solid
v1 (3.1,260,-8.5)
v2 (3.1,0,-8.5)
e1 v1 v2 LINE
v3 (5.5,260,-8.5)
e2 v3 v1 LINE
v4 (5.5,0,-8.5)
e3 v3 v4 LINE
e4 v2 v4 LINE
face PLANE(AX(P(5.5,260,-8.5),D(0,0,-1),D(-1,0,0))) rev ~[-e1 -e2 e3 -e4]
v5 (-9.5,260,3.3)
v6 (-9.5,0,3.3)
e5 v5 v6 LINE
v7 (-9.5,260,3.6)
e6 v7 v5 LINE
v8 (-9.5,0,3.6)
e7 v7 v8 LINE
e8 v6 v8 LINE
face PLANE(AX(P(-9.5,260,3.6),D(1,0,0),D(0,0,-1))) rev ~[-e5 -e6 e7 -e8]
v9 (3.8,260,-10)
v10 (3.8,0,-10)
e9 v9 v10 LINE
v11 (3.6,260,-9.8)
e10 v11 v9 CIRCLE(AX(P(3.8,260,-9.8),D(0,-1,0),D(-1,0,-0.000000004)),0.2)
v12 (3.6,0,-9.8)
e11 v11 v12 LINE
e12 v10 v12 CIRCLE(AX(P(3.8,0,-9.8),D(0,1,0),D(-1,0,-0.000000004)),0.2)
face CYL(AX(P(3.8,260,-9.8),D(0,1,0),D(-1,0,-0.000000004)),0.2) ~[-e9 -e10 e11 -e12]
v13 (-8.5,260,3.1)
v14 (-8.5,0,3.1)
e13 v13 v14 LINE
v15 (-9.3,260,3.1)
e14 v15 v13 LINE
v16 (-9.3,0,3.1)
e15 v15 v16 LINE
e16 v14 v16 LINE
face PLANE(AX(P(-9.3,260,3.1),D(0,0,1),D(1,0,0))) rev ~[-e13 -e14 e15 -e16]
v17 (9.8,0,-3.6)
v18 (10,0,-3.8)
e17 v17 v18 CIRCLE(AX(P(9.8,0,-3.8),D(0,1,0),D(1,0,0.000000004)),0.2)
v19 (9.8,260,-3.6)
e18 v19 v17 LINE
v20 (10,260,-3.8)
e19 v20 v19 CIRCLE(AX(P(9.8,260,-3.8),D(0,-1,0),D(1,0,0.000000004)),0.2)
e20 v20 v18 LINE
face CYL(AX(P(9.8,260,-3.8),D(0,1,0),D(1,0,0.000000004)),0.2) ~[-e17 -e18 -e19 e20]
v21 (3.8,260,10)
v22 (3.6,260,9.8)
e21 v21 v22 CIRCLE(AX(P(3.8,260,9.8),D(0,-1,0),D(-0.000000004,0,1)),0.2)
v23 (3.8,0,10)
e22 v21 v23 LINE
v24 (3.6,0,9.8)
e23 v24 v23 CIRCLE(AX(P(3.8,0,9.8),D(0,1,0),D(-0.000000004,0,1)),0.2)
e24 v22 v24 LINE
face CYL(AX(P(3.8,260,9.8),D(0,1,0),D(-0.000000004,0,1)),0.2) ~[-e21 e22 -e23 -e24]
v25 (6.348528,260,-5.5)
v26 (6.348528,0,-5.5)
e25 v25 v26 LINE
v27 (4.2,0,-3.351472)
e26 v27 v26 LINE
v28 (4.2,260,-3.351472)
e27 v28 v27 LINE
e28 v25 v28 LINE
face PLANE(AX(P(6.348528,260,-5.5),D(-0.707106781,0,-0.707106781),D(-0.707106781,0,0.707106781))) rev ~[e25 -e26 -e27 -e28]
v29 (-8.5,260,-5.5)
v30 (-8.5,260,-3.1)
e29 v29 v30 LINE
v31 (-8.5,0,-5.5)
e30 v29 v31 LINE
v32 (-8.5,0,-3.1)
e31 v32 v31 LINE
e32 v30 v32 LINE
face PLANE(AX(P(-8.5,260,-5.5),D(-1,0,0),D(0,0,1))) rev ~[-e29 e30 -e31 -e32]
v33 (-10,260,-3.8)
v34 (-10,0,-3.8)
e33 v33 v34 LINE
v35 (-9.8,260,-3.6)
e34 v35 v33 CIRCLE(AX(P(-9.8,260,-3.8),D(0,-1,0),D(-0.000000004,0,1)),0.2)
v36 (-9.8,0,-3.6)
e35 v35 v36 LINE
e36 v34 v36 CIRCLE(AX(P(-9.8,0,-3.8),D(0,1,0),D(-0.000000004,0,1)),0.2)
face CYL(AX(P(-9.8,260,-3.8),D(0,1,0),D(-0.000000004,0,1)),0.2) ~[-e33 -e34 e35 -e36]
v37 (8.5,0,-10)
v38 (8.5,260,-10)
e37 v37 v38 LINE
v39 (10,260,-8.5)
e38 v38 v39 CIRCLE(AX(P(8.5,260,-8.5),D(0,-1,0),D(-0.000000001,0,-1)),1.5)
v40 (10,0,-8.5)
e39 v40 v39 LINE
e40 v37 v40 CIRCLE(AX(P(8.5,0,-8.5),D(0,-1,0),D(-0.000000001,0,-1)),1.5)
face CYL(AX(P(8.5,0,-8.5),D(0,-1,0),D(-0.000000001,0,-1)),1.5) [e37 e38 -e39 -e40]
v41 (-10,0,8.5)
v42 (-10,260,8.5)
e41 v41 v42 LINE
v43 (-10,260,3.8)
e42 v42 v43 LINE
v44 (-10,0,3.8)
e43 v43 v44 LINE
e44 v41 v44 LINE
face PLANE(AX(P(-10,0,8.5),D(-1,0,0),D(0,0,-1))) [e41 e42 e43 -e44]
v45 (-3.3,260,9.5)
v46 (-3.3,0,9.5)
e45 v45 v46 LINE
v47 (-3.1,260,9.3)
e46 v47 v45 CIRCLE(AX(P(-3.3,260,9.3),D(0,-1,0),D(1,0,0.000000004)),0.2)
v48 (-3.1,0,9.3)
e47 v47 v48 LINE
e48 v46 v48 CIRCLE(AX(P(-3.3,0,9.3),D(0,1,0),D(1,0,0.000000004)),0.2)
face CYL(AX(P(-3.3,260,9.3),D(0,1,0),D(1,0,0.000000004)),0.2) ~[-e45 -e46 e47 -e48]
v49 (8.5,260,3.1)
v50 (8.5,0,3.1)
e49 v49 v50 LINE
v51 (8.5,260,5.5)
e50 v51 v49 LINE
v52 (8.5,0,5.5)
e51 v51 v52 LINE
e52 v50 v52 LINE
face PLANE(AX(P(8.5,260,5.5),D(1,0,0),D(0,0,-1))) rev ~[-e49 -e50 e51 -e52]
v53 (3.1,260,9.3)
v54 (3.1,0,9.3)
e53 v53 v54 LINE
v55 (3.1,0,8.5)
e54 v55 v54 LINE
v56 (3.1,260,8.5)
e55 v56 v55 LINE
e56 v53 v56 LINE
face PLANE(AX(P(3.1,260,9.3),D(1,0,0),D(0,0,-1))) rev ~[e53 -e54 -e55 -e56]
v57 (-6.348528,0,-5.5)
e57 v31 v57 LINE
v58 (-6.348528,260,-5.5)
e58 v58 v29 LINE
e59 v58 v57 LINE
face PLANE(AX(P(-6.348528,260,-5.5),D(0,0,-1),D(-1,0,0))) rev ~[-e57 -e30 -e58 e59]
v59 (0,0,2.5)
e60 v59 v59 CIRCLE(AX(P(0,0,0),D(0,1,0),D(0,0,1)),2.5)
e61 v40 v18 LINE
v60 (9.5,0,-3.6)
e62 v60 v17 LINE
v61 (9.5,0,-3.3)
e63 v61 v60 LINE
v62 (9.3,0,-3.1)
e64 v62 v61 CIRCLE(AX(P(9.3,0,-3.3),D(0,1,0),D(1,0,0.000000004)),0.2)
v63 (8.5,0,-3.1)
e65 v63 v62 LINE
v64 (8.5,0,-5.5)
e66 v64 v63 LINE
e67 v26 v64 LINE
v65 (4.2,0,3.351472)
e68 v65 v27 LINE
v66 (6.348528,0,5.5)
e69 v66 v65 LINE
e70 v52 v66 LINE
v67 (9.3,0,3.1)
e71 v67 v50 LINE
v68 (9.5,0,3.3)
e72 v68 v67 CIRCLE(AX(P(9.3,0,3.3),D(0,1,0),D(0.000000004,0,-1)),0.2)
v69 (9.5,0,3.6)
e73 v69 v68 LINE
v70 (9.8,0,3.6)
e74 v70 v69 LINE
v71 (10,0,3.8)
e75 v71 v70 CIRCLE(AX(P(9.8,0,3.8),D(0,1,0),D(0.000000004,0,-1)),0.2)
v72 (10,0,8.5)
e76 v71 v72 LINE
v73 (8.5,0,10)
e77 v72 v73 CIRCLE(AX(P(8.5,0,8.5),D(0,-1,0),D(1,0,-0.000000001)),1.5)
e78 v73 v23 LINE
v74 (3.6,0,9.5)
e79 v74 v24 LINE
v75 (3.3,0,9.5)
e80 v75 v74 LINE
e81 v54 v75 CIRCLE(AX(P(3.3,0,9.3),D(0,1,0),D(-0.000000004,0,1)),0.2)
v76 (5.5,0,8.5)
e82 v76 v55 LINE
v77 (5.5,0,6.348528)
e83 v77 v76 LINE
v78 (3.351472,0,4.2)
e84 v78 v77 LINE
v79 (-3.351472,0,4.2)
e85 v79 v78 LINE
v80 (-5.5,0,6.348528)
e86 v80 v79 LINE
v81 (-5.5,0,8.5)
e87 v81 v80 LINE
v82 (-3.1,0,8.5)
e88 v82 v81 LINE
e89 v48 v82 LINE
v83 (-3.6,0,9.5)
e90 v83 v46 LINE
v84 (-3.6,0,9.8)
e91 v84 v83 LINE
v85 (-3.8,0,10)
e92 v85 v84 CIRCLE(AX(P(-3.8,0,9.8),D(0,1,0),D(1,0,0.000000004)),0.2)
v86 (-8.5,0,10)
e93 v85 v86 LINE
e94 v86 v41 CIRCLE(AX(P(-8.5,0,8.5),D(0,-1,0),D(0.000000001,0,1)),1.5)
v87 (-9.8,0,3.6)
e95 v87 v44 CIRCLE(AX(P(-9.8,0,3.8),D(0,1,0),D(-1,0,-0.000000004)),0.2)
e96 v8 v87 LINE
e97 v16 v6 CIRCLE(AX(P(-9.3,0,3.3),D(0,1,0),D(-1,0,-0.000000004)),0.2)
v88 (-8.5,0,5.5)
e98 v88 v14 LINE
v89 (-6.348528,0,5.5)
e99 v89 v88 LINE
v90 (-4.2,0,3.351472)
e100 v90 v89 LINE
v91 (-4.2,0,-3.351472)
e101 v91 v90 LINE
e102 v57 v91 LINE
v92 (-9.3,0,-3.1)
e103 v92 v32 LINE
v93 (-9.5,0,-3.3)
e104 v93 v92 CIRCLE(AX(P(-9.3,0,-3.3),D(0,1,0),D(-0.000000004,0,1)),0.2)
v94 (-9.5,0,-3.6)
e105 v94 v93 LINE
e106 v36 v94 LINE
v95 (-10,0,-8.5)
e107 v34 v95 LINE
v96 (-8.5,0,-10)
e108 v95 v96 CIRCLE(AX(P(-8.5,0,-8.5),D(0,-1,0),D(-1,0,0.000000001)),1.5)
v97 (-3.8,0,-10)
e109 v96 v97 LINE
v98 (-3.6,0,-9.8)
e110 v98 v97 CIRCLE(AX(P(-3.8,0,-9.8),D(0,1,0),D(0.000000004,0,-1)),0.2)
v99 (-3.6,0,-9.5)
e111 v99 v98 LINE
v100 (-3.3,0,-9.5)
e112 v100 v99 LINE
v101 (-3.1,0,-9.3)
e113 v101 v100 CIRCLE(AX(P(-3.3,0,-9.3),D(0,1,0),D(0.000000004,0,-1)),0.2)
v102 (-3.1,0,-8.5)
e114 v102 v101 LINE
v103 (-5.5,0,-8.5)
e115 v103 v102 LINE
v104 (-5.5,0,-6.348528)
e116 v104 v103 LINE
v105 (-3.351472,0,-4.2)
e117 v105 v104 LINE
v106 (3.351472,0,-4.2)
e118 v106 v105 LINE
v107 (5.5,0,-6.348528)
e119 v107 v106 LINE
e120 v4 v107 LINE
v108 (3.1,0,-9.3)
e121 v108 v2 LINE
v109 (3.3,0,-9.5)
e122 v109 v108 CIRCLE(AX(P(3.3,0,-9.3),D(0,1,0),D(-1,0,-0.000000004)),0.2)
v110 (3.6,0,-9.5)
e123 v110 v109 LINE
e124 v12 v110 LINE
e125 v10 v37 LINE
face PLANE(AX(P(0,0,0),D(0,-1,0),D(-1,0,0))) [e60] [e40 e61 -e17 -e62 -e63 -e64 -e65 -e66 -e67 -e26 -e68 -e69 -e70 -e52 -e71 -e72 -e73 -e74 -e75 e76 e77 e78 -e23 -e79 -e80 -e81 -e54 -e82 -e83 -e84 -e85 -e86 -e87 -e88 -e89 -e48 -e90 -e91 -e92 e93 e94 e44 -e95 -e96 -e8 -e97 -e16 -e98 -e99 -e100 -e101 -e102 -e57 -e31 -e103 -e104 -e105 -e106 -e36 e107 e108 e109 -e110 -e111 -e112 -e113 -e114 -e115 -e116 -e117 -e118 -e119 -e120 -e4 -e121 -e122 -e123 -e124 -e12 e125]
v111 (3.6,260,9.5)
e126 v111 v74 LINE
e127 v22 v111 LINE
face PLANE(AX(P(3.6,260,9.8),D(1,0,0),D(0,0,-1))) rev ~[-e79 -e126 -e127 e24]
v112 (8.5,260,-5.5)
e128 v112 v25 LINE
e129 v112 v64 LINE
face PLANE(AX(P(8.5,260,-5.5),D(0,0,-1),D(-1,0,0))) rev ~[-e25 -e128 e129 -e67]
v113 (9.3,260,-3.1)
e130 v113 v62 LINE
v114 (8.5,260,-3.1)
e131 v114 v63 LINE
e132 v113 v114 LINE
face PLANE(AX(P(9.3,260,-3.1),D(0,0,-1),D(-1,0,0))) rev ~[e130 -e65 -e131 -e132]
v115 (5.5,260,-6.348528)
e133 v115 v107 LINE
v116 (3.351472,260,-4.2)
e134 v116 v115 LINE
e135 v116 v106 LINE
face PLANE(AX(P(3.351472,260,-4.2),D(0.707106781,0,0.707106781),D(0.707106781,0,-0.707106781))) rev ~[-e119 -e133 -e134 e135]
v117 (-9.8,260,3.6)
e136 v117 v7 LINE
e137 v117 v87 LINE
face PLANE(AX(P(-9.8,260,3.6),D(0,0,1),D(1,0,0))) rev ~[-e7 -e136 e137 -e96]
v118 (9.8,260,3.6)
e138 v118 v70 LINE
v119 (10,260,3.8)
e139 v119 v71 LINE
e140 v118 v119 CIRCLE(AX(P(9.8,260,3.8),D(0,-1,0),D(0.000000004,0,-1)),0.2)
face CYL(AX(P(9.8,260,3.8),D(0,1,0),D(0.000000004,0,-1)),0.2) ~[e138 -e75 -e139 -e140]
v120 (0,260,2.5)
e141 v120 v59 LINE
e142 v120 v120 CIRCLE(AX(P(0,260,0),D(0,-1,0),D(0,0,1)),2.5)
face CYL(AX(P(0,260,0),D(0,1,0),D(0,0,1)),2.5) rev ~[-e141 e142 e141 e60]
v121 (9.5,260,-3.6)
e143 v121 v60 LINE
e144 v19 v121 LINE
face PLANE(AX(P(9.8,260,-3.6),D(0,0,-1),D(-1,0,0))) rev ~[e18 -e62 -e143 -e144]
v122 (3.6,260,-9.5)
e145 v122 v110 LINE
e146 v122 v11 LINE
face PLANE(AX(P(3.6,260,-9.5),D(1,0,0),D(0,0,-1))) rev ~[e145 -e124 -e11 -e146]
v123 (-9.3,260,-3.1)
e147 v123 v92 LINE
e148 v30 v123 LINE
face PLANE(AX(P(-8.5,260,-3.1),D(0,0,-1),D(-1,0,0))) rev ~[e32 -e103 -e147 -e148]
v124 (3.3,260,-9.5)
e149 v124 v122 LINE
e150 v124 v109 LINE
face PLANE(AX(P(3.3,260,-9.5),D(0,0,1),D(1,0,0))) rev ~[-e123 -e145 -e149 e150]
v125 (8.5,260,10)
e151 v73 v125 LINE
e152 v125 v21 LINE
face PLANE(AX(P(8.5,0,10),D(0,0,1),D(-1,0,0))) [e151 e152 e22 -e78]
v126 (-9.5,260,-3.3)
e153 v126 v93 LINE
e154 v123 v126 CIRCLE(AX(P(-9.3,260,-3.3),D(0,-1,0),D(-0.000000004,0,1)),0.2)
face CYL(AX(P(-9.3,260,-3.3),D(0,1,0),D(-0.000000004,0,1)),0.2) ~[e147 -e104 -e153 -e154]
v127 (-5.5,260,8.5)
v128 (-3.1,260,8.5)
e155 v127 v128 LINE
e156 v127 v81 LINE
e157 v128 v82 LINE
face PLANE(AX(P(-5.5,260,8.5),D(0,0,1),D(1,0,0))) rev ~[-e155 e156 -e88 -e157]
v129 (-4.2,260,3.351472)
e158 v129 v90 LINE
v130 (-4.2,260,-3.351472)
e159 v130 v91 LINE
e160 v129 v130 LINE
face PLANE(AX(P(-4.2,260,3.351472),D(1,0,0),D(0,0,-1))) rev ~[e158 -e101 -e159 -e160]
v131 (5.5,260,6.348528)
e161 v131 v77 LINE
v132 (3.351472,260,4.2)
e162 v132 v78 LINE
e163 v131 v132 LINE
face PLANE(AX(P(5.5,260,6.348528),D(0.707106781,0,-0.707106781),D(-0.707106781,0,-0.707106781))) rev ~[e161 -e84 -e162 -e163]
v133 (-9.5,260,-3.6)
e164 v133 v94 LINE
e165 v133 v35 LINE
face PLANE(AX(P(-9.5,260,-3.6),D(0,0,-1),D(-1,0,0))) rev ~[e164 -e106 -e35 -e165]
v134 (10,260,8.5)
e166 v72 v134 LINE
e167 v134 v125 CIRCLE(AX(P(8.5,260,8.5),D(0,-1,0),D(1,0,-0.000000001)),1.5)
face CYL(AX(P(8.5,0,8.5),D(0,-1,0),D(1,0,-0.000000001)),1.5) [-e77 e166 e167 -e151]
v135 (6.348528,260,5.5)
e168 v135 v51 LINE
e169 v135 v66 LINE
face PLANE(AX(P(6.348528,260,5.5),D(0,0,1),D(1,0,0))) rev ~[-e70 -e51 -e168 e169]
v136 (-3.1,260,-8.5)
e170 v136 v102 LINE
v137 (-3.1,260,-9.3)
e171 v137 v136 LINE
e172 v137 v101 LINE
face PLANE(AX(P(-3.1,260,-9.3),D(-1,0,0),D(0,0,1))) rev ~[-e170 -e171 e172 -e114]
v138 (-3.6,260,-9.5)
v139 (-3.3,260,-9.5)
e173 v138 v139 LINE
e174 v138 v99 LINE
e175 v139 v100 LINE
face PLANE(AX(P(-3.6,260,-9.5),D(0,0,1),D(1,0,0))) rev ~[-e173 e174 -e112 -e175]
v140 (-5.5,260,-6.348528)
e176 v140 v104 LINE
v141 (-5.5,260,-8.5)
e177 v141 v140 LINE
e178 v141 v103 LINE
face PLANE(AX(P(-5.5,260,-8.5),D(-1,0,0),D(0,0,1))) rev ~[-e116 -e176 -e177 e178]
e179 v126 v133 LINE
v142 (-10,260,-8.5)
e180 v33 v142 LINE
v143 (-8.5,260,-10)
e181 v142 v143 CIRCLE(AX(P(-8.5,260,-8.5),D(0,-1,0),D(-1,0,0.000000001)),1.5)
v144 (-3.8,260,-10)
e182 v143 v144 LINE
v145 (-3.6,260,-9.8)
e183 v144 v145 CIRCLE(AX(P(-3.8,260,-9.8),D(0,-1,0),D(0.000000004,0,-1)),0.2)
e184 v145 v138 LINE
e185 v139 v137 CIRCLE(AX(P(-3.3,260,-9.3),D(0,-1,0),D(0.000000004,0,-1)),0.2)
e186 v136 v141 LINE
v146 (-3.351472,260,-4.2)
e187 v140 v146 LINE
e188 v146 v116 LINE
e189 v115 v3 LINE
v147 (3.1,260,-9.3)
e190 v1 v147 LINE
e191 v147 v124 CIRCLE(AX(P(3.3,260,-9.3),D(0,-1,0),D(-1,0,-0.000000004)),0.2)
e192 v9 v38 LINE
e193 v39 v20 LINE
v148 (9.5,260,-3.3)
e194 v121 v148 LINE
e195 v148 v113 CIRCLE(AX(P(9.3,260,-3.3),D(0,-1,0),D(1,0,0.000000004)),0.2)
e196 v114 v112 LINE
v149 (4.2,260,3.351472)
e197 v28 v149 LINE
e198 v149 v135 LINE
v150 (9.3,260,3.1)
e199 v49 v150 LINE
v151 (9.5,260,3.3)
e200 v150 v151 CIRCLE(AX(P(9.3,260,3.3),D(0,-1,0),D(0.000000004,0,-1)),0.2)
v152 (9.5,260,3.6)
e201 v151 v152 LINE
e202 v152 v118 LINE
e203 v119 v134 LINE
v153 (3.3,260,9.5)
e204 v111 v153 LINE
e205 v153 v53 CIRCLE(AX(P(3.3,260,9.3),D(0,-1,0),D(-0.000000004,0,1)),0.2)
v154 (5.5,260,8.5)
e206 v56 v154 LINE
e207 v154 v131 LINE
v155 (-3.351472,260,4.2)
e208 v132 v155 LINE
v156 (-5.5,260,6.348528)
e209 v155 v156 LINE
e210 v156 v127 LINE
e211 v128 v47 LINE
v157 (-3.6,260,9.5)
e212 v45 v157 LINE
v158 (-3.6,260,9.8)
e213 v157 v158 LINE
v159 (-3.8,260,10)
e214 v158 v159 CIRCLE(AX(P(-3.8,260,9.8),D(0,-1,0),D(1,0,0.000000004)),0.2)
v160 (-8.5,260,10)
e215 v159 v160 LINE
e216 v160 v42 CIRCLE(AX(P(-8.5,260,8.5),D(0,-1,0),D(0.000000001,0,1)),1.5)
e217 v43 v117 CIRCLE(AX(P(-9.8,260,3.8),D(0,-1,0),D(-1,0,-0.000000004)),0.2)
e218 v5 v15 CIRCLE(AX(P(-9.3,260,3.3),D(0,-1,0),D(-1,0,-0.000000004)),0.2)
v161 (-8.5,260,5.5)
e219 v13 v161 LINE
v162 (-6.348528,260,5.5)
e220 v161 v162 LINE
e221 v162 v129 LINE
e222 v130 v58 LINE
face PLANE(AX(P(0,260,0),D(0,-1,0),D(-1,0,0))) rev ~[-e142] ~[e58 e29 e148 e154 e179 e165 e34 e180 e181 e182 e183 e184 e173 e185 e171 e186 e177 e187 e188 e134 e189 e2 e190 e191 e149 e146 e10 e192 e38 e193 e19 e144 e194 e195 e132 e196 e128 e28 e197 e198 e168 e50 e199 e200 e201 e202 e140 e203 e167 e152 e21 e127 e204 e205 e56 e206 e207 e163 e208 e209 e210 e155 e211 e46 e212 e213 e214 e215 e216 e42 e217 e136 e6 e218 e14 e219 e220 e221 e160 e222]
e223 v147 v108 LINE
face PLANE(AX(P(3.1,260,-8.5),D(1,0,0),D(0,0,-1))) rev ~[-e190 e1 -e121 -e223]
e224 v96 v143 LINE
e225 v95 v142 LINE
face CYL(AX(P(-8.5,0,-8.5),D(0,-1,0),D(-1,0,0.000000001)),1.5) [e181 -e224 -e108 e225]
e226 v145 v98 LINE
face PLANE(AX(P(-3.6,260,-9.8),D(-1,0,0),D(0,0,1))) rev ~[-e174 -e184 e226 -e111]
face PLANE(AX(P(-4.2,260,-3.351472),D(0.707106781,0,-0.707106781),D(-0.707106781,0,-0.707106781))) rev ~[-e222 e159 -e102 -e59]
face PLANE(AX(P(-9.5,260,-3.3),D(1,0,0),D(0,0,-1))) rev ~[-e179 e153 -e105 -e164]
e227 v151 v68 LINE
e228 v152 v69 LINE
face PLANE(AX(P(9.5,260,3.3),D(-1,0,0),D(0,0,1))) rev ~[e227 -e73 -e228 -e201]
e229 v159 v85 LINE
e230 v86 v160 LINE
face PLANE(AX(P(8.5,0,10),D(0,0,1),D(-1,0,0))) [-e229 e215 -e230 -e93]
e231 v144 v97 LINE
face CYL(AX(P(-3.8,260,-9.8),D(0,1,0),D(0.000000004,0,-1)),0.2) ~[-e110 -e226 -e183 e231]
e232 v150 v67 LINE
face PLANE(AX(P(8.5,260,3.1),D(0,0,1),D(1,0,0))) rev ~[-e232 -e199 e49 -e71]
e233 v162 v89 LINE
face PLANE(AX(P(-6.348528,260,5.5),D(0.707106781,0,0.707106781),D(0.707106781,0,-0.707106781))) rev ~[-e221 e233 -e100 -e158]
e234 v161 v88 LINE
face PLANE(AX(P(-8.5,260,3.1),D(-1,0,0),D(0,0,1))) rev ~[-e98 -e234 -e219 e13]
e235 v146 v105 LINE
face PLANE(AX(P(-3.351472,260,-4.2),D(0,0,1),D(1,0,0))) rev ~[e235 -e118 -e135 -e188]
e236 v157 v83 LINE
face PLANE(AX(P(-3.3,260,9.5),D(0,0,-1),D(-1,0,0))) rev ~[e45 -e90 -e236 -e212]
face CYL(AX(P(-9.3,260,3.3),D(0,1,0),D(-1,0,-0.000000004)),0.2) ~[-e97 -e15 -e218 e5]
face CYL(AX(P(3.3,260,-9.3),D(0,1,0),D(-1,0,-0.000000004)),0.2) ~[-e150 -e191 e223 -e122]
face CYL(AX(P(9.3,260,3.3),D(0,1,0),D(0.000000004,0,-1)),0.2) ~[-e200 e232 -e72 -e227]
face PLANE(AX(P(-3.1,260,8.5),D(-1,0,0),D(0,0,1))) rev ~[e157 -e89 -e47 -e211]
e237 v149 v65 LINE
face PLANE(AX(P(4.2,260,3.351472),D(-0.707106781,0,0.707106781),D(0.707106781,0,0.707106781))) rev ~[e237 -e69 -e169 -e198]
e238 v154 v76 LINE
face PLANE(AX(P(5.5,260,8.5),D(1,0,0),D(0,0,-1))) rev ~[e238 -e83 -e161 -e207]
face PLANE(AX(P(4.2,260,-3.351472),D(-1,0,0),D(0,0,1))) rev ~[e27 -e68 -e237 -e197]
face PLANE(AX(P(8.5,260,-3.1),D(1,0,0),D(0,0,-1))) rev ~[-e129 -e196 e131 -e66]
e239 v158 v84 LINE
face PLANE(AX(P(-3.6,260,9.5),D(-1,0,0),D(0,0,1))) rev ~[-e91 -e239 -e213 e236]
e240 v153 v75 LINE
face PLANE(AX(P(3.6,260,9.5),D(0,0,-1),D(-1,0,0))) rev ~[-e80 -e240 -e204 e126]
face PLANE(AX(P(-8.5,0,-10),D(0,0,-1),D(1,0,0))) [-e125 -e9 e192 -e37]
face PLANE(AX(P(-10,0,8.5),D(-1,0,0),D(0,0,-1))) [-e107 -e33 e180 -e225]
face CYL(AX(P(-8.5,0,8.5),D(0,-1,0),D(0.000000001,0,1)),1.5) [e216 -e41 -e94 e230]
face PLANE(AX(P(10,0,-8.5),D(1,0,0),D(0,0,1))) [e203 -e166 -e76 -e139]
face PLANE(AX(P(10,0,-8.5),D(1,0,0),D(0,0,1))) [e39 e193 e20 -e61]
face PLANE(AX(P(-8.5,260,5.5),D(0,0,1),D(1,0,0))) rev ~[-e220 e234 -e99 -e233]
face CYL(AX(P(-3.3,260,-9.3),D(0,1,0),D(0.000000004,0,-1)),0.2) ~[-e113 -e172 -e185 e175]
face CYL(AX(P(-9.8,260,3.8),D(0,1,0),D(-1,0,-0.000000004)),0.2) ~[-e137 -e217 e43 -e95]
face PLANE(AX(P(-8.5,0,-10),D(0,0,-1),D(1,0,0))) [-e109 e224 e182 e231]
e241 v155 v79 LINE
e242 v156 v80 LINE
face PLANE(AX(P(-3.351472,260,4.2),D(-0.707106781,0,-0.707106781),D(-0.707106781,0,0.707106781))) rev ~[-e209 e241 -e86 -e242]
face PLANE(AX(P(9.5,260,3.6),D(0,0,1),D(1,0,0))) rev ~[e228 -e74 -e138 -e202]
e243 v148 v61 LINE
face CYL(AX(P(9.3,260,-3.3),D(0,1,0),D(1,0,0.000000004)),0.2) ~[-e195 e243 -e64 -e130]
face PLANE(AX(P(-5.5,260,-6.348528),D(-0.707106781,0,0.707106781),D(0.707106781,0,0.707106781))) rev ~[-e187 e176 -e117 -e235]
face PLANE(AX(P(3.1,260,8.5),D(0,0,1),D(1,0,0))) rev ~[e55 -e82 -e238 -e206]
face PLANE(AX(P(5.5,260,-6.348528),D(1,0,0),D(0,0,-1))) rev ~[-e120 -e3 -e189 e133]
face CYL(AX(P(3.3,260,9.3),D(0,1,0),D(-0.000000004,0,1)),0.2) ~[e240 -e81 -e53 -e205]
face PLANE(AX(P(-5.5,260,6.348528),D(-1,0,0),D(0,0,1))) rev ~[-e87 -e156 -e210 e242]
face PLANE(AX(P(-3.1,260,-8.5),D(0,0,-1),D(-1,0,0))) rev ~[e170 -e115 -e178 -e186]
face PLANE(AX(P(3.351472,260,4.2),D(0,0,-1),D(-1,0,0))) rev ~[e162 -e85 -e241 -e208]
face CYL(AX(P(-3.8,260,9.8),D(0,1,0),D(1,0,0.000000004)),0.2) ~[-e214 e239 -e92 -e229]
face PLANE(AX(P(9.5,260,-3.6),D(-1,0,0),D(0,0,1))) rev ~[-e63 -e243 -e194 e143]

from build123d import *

# Parameters (mm, degrees)
BOSS_EXTRUDE1_DEPTH = 260
SKETCH3_R           = 2.5
CUT_EXTRUDE1_DEPTH  = 261.384331326
CIRPATTERN1_COUNT   = 4


with BuildPart() as part:
    # Sketch2 → Boss-Extrude1 (new body)
    with BuildSketch(Plane(origin=(0, 0, 0), x_dir=(1, 0, 0), z_dir=(0, 1, 0))):
        with BuildLine():
            Line((-10, -8.5), (-10, 8.5))
            ThreePointArc((-10, 8.5), (-9.560660172, 9.560660172), (-8.5, 10))
            Line((-8.5, 10), (8.5, 10))
            ThreePointArc((8.5, 10), (9.560660172, 9.560660172), (10, 8.5))
            Line((10, 8.5), (10, -8.5))
            ThreePointArc((10, -8.5), (9.560660172, -9.560660172), (8.5, -10))
            Line((8.5, -10), (-8.5, -10))
            ThreePointArc((-8.5, -10), (-9.560660172, -9.560660172), (-10, -8.5))
        make_face()
    extrude(amount=BOSS_EXTRUDE1_DEPTH)

    # Sketch3 → Cut-Extrude1 (cut, through all)
    with BuildSketch(Plane(origin=(0, 260, 0), x_dir=(1, 0, 0), z_dir=(0, 1, 0))):
        with BuildLine():
            Line((-6.348528137, -5.5), (-4.2, -3.351471863))
            Line((-4.2, -3.351471863), (-4.2, 3.351471863))
            Line((-4.2, 3.351471863), (-6.348528137, 5.5))
            Line((-6.348528137, 5.5), (-8.5, 5.5))
            Line((-8.5, 5.5), (-8.5, 3.1))
            Line((-8.5, 3.1), (-9.3, 3.1))
            ThreePointArc((-9.3, 3.1), (-9.441421356, 3.158578644), (-9.5, 3.3))
            Line((-9.5, 3.3), (-9.5, 3.6))
            Line((-9.5, 3.6), (-9.8, 3.6))
            ThreePointArc((-9.8, 3.6), (-9.941421356, 3.658578644), (-10, 3.8))
            Line((-10, 3.8), (-10, -3.8))
            ThreePointArc((-10, -3.8), (-9.941421356, -3.658578644), (-9.8, -3.6))
            Line((-9.8, -3.6), (-9.5, -3.6))
            Line((-9.5, -3.6), (-9.5, -3.3))
            ThreePointArc((-9.5, -3.3), (-9.441421356, -3.158578644), (-9.3, -3.1))
            Line((-9.3, -3.1), (-8.5, -3.1))
            Line((-8.5, -3.1), (-8.5, -5.5))
            Line((-8.5, -5.5), (-6.348528137, -5.5))
        make_face()
        Circle(SKETCH3_R)
    cut_extrude1 = extrude(amount=-CUT_EXTRUDE1_DEPTH, mode=Mode.SUBTRACT)

    # CirPattern1: Cut-Extrude1 ×4 about axis
    cirpattern1_axis = Axis((0, -20, 0), (0, 1, 0))
    for i in range(1, CIRPATTERN1_COUNT):
        add(cut_extrude1.rotate(cirpattern1_axis, i * 360 / CIRPATTERN1_COUNT), mode=Mode.SUBTRACT)


solid = part.part
